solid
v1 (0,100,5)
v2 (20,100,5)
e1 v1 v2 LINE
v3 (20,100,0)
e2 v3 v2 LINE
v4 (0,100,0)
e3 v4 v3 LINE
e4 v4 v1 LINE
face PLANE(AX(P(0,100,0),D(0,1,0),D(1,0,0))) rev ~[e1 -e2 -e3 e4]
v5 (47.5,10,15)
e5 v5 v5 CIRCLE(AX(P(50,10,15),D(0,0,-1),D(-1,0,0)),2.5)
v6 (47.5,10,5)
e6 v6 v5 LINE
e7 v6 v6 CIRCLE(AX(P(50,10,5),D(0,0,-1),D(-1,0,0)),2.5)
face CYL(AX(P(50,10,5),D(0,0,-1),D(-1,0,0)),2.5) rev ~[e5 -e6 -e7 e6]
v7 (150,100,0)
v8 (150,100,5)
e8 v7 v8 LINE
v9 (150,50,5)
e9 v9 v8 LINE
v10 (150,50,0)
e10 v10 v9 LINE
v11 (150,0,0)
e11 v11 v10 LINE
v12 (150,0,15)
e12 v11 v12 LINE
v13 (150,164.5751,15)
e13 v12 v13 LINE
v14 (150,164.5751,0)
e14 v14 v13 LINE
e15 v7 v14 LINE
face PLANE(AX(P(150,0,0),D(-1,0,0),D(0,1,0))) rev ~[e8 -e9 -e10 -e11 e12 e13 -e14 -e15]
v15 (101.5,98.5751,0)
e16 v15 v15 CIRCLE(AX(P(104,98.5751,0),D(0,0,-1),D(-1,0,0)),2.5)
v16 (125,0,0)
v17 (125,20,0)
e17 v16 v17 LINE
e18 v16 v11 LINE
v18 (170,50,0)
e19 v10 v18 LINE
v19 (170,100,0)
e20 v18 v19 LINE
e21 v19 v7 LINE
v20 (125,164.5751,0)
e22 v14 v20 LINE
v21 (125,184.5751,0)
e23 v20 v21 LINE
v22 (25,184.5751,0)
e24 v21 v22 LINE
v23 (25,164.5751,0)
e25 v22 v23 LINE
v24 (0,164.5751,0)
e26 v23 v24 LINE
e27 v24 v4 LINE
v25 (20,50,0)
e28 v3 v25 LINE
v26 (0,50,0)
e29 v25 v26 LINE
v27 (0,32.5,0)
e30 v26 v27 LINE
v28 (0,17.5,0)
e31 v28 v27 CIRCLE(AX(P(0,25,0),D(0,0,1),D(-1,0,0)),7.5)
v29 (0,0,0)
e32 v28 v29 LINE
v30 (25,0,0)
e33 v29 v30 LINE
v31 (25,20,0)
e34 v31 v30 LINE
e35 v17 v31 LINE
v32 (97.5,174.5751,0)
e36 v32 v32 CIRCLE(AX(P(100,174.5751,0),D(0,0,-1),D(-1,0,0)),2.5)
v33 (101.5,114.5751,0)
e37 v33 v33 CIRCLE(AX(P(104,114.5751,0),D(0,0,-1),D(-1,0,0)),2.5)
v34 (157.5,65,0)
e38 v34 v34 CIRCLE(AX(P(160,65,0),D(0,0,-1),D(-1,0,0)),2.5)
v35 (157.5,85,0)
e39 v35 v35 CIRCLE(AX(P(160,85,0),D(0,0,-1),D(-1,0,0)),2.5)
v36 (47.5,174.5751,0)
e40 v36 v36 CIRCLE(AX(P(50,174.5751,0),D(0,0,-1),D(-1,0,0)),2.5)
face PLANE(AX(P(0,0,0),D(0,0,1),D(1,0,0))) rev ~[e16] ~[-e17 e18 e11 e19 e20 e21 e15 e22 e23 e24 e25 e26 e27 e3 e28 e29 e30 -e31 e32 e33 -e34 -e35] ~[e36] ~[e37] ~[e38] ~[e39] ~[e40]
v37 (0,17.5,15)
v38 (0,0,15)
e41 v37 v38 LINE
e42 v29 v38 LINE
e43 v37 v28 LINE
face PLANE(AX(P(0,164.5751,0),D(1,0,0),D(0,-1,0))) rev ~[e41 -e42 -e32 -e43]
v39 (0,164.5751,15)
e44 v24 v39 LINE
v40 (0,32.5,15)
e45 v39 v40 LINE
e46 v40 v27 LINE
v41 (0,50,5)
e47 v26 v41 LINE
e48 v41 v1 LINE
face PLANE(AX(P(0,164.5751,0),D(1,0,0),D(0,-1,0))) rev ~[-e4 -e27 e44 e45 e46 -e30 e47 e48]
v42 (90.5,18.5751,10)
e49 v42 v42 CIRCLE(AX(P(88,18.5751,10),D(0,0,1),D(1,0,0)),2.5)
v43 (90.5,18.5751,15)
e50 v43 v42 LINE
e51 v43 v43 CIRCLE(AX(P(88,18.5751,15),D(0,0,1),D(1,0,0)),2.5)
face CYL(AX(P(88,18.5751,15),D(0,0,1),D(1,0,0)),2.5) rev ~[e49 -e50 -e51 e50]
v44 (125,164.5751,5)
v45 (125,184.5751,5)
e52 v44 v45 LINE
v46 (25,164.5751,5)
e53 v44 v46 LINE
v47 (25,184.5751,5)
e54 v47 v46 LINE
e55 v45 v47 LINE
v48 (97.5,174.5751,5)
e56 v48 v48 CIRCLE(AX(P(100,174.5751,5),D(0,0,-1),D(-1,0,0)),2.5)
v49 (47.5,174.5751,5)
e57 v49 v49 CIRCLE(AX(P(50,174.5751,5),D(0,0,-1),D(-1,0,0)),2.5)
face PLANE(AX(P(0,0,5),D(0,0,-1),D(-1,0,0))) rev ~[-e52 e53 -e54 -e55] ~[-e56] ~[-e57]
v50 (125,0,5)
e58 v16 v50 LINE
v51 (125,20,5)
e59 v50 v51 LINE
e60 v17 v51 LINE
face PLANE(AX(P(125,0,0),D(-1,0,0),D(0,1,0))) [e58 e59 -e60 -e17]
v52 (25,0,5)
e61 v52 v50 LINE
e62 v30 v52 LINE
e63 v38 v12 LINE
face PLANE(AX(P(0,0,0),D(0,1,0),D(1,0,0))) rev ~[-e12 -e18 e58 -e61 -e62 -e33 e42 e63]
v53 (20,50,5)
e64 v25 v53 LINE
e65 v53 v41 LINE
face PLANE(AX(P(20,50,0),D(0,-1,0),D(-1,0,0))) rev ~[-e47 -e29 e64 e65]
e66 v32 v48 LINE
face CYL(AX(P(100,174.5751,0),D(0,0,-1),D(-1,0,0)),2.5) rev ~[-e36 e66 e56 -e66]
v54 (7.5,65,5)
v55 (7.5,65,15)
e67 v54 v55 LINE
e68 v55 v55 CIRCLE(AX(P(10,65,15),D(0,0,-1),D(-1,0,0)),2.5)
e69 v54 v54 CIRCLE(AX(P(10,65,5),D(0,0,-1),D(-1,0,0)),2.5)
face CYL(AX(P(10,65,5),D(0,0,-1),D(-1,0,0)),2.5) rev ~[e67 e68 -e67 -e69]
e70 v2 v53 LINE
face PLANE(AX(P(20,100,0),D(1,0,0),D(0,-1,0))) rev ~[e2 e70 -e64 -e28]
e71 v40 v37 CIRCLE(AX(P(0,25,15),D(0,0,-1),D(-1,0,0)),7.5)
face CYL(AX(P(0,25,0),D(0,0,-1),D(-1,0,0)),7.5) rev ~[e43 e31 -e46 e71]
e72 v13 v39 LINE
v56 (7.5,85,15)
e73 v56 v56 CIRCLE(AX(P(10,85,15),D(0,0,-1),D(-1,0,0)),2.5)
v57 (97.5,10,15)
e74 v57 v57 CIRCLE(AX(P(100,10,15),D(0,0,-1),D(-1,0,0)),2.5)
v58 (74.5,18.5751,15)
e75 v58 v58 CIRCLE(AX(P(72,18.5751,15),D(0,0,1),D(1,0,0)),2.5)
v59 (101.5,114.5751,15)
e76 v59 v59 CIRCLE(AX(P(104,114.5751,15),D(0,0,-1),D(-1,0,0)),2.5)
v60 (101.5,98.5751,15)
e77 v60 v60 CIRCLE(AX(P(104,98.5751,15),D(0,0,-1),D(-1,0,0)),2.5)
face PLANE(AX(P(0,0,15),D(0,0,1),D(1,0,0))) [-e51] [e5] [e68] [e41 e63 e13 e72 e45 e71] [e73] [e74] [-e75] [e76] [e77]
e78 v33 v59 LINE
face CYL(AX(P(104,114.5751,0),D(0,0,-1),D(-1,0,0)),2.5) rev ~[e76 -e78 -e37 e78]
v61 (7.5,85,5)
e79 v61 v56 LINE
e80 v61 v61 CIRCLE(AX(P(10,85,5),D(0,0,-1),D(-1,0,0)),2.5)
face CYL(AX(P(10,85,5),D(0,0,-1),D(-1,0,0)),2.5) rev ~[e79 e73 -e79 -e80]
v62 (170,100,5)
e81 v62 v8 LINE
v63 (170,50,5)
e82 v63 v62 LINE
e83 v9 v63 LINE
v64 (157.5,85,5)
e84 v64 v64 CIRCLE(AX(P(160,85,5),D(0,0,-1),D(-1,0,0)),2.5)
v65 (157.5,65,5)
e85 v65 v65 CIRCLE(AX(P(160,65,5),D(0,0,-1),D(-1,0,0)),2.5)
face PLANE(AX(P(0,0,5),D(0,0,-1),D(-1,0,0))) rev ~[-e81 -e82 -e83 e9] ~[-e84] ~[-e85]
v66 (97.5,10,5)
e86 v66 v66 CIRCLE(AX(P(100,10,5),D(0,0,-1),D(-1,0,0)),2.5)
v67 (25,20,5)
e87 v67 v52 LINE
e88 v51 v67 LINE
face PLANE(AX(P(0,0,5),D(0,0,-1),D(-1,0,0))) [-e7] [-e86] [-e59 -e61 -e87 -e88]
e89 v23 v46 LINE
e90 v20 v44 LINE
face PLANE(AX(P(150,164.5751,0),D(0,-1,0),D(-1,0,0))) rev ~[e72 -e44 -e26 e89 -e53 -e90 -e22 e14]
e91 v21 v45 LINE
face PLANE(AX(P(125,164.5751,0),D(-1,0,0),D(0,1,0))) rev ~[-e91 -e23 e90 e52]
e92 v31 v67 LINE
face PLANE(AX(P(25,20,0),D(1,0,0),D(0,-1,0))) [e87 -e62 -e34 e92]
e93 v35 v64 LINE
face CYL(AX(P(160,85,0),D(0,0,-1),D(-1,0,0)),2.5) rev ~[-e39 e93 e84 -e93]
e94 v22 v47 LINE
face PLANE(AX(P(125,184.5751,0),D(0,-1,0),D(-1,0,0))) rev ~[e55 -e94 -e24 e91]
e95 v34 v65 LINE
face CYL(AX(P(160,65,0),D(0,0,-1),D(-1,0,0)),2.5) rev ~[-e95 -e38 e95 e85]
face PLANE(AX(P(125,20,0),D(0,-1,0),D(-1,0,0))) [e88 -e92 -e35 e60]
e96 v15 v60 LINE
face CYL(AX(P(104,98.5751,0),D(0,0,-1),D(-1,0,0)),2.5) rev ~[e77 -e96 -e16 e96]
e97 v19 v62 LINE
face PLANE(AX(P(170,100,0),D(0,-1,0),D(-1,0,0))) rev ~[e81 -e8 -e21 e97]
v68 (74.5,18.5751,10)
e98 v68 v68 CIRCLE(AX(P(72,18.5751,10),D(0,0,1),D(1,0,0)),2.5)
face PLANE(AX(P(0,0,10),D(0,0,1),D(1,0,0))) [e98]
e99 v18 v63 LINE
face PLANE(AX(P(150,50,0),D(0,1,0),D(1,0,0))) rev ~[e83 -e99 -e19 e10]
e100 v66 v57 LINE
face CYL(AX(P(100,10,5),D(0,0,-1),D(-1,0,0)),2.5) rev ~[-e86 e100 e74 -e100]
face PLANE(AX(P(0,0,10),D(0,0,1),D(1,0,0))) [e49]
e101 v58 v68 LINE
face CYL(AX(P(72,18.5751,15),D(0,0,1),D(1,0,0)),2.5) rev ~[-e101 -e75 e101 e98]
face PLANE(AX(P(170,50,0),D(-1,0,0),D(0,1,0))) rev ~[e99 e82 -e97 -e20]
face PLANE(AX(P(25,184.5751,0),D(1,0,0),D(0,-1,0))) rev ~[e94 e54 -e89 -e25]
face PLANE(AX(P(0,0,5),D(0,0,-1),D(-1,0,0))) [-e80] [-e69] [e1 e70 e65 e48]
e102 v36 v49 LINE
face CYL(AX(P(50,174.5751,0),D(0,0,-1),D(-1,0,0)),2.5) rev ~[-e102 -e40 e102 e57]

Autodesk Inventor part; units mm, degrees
ref_plane "YZ Plane" through (0, 0, 0) normal (1, 0, 0) x (0, 1, 0)
ref_plane "XZ Plane" through (0, 0, 0) normal (0, 1, 0) x (-1, 0, 0)
ref_plane "XY Plane" through (0, 0, 0) normal (0, 0, 1) x (1, 0, 0)
sketch "Sketch1" plane through (0, 0, 0) normal (0, 0, 1) x (1, 0, 0)
  line L0 (0, 0) -> (150, 0)
  line L1 (150, 0) -> (150, 164.5751)
  line L2 (150, 164.5751) -> (0, 164.5751)
  line L3 (0, 164.5751) -> (0, 0)
  dimension "d0" = 150
  dimension "d1" = 164.5751
extrude "Extrusion1" add sketch "Sketch1" along normal blind 15
sketch "Sketch7" plane through (0, 0, 0) normal (0, 0, -1) x (-1, 0, 0)
  line L0 (-20, 50) -> (0, 50)
  line L1 (0, 50) -> (0, 100)
  line L2 (0, 100) -> (-20, 100)
  line L3 (-20, 100) -> (-20, 50)
  line L4 (0, 164.5751) -> (0, 0) projected
  dimension "d27" = 20
  dimension "d28" = 50
  dimension "d96" = 50
extrude "Extrusion7" cut sketch "Sketch7" against normal blind 5
sketch "Sketch8" plane through (0, 0, 0) normal (0, 0, -1) x (-1, 0, 0)
  line L0 (-150, 164.5751) -> (0, 164.5751) projected
  line L1 (-25, 164.5751) -> (-125, 164.5751)
  line L2 (-125, 164.5751) -> (-125, 184.5751)
  line L3 (-125, 184.5751) -> (-25, 184.5751)
  line L4 (-25, 184.5751) -> (-25, 164.5751)
  point P0 (0, 0)
  dimension "d37" = 100
  dimension "d38" = 20
  dimension "d126" = 25
extrude "Extrusion8" add sketch "Sketch8" against normal blind 5
sketch "Sketch9" plane through (0, 0, 0) normal (0, 0, -1) x (-1, 0, 0)
  circle A0 centre (-50, 174.5751) radius 2.5
  circle A1 centre (-100, 174.5751) radius 2.5
  line L0 (-125, 184.5751) -> (-25, 184.5751) projected
  line L1 (0, 100) -> (0, 50) projected
  line L2 (0, 25) -> (20, 25) projected
  line L3 (20, 75) -> (0, 75) projected
  point P0 (0, 0)
  dimension "d44" = 5
  dimension "d45" = 5
  dimension "d46" = 10
extrude "Extrusion9" cut sketch "Sketch9" against normal through all
thread "Thread1" size "M5x0.8" class "6H" standard "ANSI Metric M Profile" full length
thread "Thread2" size "M5x0.8" class "6H" standard "ANSI Metric M Profile" full length
sketch "Sketch12" plane through (0, 0, 0) normal (0, 0, -1) x (-1, 0, 0)
  line L0 (0, 0) -> (-150, 0) projected
  line L1 (-25, 0) -> (-125, 0)
  line L2 (-125, 0) -> (-125, 20)
  line L3 (-125, 20) -> (-25, 20)
  line L4 (-25, 20) -> (-25, 0)
  dimension "d79" = 100
  dimension "d80" = 20
  dimension "d81" = 25
extrude "Extrusion12" cut sketch "Sketch12" against normal blind 5
sketch "Sketch13" plane through (0, 0, 5) normal (0, 0, -1) x (-1, 0, 0)
  circle A0 centre (-50, 10) radius 2.5
  circle A1 centre (-100, 10) radius 2.5
  line L0 (-25, 20) -> (-25, 0) projected
  line L1 (-125, 0) -> (-125, 20) projected
  line L2 (-125, 20) -> (-25, 20) projected
  point P0 (0, 0)
  dimension "d84" = 5
  dimension "d85" = 5
  dimension "d86" = 25
  dimension "d87" = 25
  dimension "d88" = 10
  dimension "d89" = 10
extrude "Extrusion13" cut sketch "Sketch13" against normal through all
thread "Thread9" size "M5x0.8" class "6H" standard "ANSI Metric M Profile" full length
thread "Thread10" size "M5x0.8" class "6H" standard "ANSI Metric M Profile" full length
sketch "Sketch14" plane through (0, 0, 5) normal (0, 0, -1) x (-1, 0, 0)
  circle A0 centre (-10, 65) radius 2.5
  circle A1 centre (-10, 85) radius 2.5
  line L0 (-20, 50) -> (-20, 100) projected
  line L1 (0, 50) -> (-20, 50) projected
  line L2 (-20, 100) -> (0, 100) projected
  point P0 (0, 0)
  dimension "d97" = 5
  dimension "d98" = 5
  dimension "d99" = 10
  dimension "d100" = 15
  dimension "d101" = 15
  dimension "d102" = 10
extrude "Extrusion14" cut sketch "Sketch14" against normal through all
thread "Thread11" size "M5x0.8" class "6H" standard "ANSI Metric M Profile" full length
thread "Thread12" size "M5x0.8" class "6H" standard "ANSI Metric M Profile" full length
sketch "Sketch15" plane through (0, 0, 0) normal (0, 0, -1) x (-1, 0, 0)
  line L0 (-150, 0) -> (-150, 164.5751) projected
  line L1 (-150, 50) -> (-170, 50)
  line L2 (-170, 50) -> (-170, 100)
  line L3 (-170, 100) -> (-150, 100)
  line L4 (-150, 100) -> (-150, 50)
  point P0 (0, 0)
  dimension "d109" = 20
  dimension "d110" = 50
  dimension "d111" = 50
extrude "Extrusion15" add sketch "Sketch15" against normal blind 5
sketch "Sketch16" plane through (0, 0, 0) normal (0, 0, -1) x (-1, 0, 0)
  circle A0 centre (-160, 65) radius 2.5
  circle A1 centre (-160, 85) radius 2.5
  line L0 (-170, 50) -> (-170, 100) projected
  line L1 (-150, 50) -> (-170, 50) projected
  line L2 (-170, 100) -> (-150, 100) projected
  point P0 (0, 0)
  dimension "d114" = 5
  dimension "d115" = 5
  dimension "d116" = 10
  dimension "d117" = 10
  dimension "d118" = 15
  dimension "d119" = 15
extrude "Extrusion16" cut sketch "Sketch16" against normal through all
thread "Thread13" size "M5x0.8" class "6H" standard "ANSI Metric M Profile" full length
thread "Thread14" size "M5x0.8" class "6H" standard "ANSI Metric M Profile" full length
sketch "Sketch17" plane through (0, 0, 0) normal (0, 0, -1) x (-1, 0, 0)
  circle A0 centre (-104, 98.5751) radius 2.5
  circle A1 centre (-104, 114.5751) radius 2.5
  line L0 (-150, 0) -> (-150, 50) projected
  line L1 (-150, 164.5751) -> (0, 164.5751) projected
  line L2 (0, 164.5751) -> (0, 0) projected
  dimension "d127" = 5
  dimension "d128" = 5
  dimension "d130" = 16
  dimension "d145" = 50
  dimension "d146" = 104
extrude "Extrusion17" cut sketch "Sketch17" against normal through all
thread "Thread17" size "M5x0.8" class "6H" standard "ANSI Metric M Profile" full length
thread "Thread18" size "M5x0.8" class "6H" standard "ANSI Metric M Profile" full length
sketch "Sketch18" plane through (0, 0, 0) normal (0, 0, -1) x (-1, 0, 0)
  line L0 (0, 50) -> (0, 0) projected
  circle A0 centre (0, 25) radius 7.5
  dimension "d142" = 15
extrude "Extrusion18" cut sketch "Sketch18" against normal through all
sketch "Sketch19" plane through (0, 0, 15) normal (0, 0, 1) x (1, 0, 0)
  circle A0 centre (88, 18.5751) radius 2.5
  circle A1 centre (72, 18.5751) radius 2.5
  circle A2 centre (104, 114.5751) radius 2.5 projected
  circle A3 centre (104, 98.5751) radius 2.5 projected
  point P0 (0, 0)
  dimension "d147" = 5
  dimension "d148" = 5
  dimension "d149" = 16
  dimension "d150" = 16
  dimension "d151" = 80
extrude "Extrusion19" cut sketch "Sketch19" against normal blind 5 contours A0 | A1
thread "Thread19" size "M5x0.8" class "6H" standard "ANSI Metric M Profile" full length
thread "Thread20" size "M5x0.8" class "6H" standard "ANSI Metric M Profile" full length
properties part number "CP007" material "ABS Plastic"
